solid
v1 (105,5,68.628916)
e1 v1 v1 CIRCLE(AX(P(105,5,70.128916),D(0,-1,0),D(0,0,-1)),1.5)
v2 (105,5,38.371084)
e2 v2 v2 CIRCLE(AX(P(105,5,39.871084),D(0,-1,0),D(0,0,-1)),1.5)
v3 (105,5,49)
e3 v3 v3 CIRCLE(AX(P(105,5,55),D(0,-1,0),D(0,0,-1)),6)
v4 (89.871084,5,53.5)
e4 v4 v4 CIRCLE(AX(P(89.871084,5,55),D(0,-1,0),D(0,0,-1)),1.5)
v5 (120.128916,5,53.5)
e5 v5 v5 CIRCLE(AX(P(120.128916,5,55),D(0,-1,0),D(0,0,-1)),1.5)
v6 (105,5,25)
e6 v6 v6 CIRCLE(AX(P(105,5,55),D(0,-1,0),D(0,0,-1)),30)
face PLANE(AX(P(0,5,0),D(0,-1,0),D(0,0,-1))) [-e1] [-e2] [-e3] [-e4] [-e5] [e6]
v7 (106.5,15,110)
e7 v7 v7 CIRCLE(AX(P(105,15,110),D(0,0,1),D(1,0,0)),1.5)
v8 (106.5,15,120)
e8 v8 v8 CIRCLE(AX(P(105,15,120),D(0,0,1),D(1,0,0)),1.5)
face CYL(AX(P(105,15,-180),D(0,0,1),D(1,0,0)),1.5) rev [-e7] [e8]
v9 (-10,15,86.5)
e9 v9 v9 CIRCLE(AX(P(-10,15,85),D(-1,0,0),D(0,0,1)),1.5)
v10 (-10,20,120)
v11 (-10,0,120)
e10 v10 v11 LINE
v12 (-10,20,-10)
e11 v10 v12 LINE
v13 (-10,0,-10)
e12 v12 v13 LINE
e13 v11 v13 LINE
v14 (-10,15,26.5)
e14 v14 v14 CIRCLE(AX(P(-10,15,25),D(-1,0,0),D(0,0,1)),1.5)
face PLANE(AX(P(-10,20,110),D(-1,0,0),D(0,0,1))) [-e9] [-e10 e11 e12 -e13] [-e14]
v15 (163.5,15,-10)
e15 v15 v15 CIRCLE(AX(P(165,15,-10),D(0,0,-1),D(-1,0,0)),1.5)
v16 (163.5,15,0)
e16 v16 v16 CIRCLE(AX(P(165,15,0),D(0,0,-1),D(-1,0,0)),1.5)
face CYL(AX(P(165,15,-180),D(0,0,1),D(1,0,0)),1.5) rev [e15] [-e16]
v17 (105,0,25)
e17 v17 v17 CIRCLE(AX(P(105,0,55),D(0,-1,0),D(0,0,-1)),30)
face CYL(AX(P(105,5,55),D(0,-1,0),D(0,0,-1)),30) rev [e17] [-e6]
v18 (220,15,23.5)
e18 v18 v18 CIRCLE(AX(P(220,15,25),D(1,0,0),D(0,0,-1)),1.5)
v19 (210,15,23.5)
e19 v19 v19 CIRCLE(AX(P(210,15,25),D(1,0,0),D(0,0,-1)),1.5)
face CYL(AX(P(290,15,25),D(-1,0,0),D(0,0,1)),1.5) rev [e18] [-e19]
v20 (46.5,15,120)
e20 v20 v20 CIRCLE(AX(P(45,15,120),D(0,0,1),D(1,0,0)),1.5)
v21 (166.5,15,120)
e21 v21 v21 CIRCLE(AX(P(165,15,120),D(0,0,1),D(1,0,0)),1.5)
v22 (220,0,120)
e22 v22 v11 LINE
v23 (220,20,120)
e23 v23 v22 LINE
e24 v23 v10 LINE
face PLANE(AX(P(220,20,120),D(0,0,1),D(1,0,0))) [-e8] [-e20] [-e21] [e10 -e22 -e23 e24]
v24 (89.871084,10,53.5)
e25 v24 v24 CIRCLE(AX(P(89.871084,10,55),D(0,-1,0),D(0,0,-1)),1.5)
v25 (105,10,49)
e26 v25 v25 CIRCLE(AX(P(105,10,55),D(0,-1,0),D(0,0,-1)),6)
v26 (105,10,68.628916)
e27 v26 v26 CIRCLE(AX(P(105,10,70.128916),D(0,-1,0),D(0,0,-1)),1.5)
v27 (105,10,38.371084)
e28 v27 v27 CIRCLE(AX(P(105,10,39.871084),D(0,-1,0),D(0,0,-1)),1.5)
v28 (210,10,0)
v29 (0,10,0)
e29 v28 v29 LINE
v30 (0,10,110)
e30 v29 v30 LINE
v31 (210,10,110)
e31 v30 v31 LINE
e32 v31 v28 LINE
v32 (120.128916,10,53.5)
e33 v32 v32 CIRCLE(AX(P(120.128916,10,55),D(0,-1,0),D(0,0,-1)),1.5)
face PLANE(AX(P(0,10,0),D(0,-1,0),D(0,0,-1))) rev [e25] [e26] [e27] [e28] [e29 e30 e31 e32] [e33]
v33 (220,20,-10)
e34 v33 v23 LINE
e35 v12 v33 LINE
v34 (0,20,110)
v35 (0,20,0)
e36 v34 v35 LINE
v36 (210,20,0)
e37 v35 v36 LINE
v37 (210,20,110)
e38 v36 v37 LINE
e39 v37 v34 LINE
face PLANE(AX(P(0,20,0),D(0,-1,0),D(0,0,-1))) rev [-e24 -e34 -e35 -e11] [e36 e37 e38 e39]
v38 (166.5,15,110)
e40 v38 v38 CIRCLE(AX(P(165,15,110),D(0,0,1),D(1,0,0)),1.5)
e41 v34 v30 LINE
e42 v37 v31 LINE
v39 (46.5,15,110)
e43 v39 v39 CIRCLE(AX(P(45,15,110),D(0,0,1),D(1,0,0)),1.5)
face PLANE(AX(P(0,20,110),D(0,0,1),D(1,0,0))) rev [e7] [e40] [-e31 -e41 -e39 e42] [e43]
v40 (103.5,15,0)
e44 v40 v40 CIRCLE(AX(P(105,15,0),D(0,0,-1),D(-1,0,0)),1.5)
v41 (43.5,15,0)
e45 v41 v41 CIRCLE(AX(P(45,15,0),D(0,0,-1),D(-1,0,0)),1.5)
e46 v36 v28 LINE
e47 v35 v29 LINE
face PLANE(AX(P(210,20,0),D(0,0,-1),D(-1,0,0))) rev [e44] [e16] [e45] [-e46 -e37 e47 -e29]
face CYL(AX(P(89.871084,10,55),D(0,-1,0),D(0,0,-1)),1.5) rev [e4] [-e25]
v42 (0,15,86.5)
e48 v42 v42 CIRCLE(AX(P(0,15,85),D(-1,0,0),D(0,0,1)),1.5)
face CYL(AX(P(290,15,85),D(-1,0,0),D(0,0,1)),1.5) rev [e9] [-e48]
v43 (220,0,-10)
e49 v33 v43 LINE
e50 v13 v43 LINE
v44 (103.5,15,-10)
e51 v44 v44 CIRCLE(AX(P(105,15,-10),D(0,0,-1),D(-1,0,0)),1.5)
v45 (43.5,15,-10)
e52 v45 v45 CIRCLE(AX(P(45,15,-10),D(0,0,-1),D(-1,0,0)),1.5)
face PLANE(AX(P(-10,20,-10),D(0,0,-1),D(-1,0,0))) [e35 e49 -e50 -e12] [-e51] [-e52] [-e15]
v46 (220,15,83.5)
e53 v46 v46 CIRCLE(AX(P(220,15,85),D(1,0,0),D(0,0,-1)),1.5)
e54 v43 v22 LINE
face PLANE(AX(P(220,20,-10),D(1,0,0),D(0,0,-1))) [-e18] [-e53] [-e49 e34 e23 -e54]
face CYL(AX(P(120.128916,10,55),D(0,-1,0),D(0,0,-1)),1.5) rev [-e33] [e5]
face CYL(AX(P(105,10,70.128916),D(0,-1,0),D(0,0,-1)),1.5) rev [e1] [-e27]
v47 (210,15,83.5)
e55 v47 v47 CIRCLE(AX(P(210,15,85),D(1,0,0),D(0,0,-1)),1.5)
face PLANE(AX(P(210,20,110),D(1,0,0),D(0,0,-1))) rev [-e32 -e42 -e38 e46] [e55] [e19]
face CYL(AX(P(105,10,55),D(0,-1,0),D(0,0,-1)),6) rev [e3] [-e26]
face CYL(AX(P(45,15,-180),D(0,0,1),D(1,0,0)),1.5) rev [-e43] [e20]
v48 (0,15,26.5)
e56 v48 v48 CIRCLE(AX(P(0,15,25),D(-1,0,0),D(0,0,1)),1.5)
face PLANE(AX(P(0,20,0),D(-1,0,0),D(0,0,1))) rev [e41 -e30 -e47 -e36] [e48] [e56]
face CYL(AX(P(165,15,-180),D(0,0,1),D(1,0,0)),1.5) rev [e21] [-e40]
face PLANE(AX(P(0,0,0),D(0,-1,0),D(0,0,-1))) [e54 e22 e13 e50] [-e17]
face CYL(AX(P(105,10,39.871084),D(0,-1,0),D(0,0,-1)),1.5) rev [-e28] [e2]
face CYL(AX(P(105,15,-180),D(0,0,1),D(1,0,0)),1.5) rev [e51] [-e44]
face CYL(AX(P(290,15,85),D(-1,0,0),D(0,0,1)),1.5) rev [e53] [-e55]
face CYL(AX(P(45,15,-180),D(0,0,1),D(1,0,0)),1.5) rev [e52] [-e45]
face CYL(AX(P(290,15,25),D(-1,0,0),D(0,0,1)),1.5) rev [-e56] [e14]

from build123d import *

# Parameters (mm, degrees)
SKETCH1_W           = 210
SKETCH1_H           = 110
BOSS_EXTRUDE1_DEPTH = 10
CUT_EXTRUDE1_DEPTH  = 5
SKETCH3_R           = 1.5
CUT_EXTRUDE2_DEPTH  = 5
SKETCH4_R           = 6
CUT_EXTRUDE3_DEPTH  = 5
SKETCH5_R           = 30
CUT_EXTRUDE4_DEPTH  = 5
SKETCH10_W          = 210
SKETCH10_H          = 110
BOSS_EXTRUDE2_DEPTH = 20
SKETCH11_R          = 1.5
CUT_EXTRUDE6_DEPTH  = 300
SKETCH12_R          = 1.5
CUT_EXTRUDE7_DEPTH  = 300


with BuildPart() as part:
    # Sketch1 → Boss-Extrude1 (new body)
    with BuildSketch(Plane(origin=(0, 0, 0), x_dir=(1, 0, 0), z_dir=(0, 1, 0))):
        with Locations((105, -55)):
            Rectangle(SKETCH1_W, SKETCH1_H)
    extrude(amount=BOSS_EXTRUDE1_DEPTH)

    # Sketch2 → Cut-Extrude1 (cut)
    with BuildSketch(Plane(origin=(0, 0, 0), x_dir=(-1, 0, 0), z_dir=(0, -1, 0))):
        with BuildLine():
            ThreePointArc((-130, -55), (-105, -80), (-80, -55))
            Line((-80, -55), (-130, -55))
        make_face()
        with BuildLine():
            Line((-130, -55), (-80, -55))
            ThreePointArc((-80, -55), (-105, -30), (-130, -55))
        make_face()
    extrude(amount=-CUT_EXTRUDE1_DEPTH, mode=Mode.SUBTRACT)

    # Sketch3 → Cut-Extrude2 (cut)
    with BuildSketch(Plane(origin=(0, 5, 0), x_dir=(-1, 0, 0), z_dir=(0, -1, 0))):
        with Locations(Location((-105, -70.12891571, 0), (0, 0, 90))):
            Circle(SKETCH3_R)
        with Locations(Location((-120.12891571, -55, 0), (0, 0, 90))):
            Circle(SKETCH3_R)
        with Locations(Location((-105, -39.87108429, 0), (0, 0, 90))):
            Circle(SKETCH3_R)
        with Locations(Location((-89.87108429, -55, 0), (0, 0, 90))):
            Circle(SKETCH3_R)
    extrude(amount=-CUT_EXTRUDE2_DEPTH, mode=Mode.SUBTRACT)

    # Sketch4 → Cut-Extrude3 (cut)
    with BuildSketch(Plane(origin=(0, 5, 0), x_dir=(-1, 0, 0), z_dir=(0, -1, 0))):
        with Locations(Location((-105, -55, 0), (0, 0, 90))):
            Circle(SKETCH4_R)
    extrude(amount=-CUT_EXTRUDE3_DEPTH, mode=Mode.SUBTRACT)

    # Sketch5 → Cut-Extrude4 (cut)
    with BuildSketch(Plane(origin=(0, 0, 0), x_dir=(-1, 0, 0), z_dir=(0, -1, 0))):
        with Locations(Location((-105, -55, 0), (0, 0, 90))):
            Circle(SKETCH5_R)
    extrude(amount=-CUT_EXTRUDE4_DEPTH, mode=Mode.SUBTRACT)

    # Sketch10 → Boss-Extrude2 (add)
    with BuildSketch(Plane(origin=(0, 0, 0), x_dir=(-1, 0, 0), z_dir=(0, -1, 0))):
        Polygon((10, -110), (10, 10), (-220, 10), (-220, -120), (10, -120), align=None)
        with Locations((-105, -55)):
            Rectangle(SKETCH10_W, SKETCH10_H, mode=Mode.SUBTRACT)
    extrude(amount=-BOSS_EXTRUDE2_DEPTH)

    # Sketch11 → Cut-Extrude6 (cut)
    with BuildSketch(Plane.ZY.offset(10)):
        with Locations((25, 15)):
            Circle(SKETCH11_R)
        with Locations((85, 15)):
            Circle(SKETCH11_R)
    extrude(amount=-CUT_EXTRUDE6_DEPTH, mode=Mode.SUBTRACT)

    # Sketch12 → Cut-Extrude7 (cut)
    with BuildSketch(Plane.XY.offset(120)):
        with Locations(Location((45, 15, 0), (0, 0, 180))):
            Circle(SKETCH12_R)
        with Locations(Location((165, 15, 0), (0, 0, 180))):
            Circle(SKETCH12_R)
        with Locations(Location((105, 15, 0), (0, 0, 180))):
            Circle(SKETCH12_R)
    extrude(amount=-CUT_EXTRUDE7_DEPTH, mode=Mode.SUBTRACT)


solid = part.part
